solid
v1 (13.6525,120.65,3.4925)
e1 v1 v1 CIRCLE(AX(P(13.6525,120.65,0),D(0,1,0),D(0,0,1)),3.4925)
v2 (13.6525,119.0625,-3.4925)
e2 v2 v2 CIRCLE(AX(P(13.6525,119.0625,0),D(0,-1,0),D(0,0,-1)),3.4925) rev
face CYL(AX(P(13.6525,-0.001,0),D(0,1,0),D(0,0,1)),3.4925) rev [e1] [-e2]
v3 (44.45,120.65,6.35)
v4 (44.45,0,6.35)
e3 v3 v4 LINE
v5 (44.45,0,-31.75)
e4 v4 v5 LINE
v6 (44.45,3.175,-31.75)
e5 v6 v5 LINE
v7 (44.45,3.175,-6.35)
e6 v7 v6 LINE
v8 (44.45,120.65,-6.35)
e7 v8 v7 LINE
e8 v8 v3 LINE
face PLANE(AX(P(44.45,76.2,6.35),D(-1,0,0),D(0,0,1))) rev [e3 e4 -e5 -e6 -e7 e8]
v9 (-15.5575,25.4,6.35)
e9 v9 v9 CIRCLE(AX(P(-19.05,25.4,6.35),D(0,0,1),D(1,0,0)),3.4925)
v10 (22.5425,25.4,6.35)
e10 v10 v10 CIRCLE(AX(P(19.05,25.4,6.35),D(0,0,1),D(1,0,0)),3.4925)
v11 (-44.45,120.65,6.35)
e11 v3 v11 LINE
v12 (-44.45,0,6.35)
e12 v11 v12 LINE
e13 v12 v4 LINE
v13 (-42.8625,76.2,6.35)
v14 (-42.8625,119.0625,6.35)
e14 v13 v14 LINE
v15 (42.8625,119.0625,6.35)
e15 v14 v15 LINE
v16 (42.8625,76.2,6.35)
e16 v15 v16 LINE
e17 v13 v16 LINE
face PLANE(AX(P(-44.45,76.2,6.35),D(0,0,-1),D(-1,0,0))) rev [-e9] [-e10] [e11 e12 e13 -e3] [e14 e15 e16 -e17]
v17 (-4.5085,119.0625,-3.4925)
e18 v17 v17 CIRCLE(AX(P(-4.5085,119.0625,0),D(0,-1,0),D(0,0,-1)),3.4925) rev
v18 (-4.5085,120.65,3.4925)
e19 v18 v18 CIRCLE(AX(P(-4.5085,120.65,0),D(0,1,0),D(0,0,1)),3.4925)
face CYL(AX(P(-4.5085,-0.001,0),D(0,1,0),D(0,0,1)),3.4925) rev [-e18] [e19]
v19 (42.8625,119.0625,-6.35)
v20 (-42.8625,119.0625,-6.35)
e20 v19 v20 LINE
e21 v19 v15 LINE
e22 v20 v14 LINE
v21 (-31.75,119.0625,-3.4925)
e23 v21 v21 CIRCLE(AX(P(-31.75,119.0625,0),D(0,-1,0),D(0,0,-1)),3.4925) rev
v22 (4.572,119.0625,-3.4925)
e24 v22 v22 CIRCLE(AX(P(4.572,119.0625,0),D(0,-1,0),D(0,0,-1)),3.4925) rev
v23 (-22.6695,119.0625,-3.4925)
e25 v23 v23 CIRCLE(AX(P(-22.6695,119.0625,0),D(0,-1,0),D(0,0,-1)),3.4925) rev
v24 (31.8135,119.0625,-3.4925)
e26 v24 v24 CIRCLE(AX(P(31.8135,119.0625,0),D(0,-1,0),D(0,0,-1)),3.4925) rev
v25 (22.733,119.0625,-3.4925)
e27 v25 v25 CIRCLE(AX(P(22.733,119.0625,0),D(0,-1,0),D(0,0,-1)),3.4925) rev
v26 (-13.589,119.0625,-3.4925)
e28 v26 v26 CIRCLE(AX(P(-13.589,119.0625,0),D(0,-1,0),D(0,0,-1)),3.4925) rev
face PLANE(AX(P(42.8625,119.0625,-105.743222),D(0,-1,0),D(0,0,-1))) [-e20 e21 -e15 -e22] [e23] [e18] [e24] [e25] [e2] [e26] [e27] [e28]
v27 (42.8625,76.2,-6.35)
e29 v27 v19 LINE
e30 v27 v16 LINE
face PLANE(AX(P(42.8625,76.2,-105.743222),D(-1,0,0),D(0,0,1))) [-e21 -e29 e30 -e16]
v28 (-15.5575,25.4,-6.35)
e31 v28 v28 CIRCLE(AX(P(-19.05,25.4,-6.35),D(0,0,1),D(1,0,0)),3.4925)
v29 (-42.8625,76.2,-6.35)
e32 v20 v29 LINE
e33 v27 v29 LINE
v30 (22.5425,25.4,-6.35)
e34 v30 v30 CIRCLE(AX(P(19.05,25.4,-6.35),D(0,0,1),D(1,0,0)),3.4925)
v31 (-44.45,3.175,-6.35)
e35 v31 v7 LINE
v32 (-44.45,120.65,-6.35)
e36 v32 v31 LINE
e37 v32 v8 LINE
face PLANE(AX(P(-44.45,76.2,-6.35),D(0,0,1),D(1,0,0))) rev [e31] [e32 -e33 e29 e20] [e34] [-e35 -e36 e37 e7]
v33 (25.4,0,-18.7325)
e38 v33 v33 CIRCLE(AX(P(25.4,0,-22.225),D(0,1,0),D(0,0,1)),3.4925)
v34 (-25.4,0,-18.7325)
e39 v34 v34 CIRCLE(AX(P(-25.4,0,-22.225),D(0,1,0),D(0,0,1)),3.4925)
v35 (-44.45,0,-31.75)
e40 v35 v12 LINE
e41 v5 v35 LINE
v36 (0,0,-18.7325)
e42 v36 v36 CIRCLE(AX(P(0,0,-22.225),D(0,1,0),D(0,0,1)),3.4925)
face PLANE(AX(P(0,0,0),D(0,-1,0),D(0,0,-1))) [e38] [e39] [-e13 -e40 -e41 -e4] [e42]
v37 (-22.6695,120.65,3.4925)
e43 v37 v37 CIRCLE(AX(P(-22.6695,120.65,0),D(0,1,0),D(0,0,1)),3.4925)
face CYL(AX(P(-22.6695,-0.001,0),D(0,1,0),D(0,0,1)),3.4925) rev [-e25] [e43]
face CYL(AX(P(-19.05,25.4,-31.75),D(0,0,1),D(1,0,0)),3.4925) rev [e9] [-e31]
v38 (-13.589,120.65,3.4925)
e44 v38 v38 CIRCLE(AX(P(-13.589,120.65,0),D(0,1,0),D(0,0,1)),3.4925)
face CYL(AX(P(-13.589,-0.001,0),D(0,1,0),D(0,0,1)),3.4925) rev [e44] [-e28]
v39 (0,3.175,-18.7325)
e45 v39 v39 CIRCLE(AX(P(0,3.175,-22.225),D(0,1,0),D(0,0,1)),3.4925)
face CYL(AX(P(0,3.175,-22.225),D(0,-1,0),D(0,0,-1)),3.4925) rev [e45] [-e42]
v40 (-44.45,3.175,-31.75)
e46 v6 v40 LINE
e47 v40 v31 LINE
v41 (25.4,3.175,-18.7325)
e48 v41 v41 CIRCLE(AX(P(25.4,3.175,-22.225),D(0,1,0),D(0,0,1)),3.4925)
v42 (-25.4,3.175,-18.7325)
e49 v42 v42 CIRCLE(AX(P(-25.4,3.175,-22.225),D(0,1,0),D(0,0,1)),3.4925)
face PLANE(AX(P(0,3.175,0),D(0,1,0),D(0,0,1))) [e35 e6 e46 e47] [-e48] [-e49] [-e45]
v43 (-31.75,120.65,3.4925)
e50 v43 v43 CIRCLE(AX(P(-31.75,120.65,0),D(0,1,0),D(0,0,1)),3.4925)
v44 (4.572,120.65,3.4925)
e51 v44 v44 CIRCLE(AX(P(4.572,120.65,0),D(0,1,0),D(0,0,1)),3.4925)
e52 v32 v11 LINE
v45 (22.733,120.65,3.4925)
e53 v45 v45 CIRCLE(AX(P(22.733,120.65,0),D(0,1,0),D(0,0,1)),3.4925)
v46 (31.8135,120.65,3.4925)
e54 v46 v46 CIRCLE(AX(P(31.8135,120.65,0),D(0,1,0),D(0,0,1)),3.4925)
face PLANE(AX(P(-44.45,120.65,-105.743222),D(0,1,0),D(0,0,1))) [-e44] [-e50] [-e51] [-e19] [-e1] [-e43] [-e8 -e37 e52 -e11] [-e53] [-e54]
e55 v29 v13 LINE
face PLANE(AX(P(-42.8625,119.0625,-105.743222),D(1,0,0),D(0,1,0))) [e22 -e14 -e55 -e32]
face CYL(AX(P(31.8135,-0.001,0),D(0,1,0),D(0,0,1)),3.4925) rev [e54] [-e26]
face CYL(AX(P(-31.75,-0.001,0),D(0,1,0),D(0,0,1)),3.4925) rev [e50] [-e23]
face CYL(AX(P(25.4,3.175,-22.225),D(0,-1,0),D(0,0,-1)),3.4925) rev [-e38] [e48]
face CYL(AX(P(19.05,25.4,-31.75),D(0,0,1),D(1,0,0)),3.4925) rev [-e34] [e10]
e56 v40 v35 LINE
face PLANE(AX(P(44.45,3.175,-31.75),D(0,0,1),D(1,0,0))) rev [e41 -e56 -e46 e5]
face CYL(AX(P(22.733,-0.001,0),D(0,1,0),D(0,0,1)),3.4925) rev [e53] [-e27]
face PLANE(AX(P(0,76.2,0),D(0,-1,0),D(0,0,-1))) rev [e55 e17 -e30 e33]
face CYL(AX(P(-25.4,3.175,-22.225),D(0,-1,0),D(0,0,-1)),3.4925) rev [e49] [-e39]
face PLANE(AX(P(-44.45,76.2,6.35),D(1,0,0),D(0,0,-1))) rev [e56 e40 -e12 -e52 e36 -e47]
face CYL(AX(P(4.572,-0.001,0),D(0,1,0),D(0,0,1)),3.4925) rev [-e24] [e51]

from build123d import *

# Parameters (mm, degrees)
SKETCH1_W               = 88.9
SKETCH1_H               = 12.7
BOSS_EXTRUDE1_DEPTH     = 76.2
SKETCH2_R               = 3.4925
BOSS_EXTRUDE4_DEPTH     = 3.175
BOSS_EXTRUDE5_DEPTH     = 12.7
CUT_EXTRUDE1_REACH      = 134.44
SKETCH4_R               = 3.4925
CUT_EXTRUDE2_DEPTH      = 133.439750453
CUT_EXTRUDE2_DEPTH_BACK = 133.439750453
SKETCH5_R               = 3.4925


with BuildPart() as part:
    # Sketch1 → Boss-Extrude1 (new body)
    with BuildSketch(Plane(origin=(0, 0, 0), x_dir=(1, 0, 0), z_dir=(0, 1, 0))):
        Rectangle(SKETCH1_W, SKETCH1_H)
    extrude(amount=BOSS_EXTRUDE1_DEPTH)

    # Sketch2 → Boss-Extrude4 (add)
    with BuildSketch(Plane(origin=(0, 0, 0), x_dir=(1, 0, 0), z_dir=(0, 1, 0))):
        Polygon((-44.45, 22.225), (-44.45, 6.35), (44.45, 6.35), (44.45, 31.75), (-44.45, 31.75), align=None)
        with Locations(Location((-25.4, 22.225, 0), (0, 0, 270))):
            Circle(SKETCH2_R, mode=Mode.SUBTRACT)
        with Locations(Location((0, 22.225, 0), (0, 0, 270))):
            Circle(SKETCH2_R, mode=Mode.SUBTRACT)
        with Locations(Location((25.4, 22.225, 0), (0, 0, 270))):
            Circle(SKETCH2_R, mode=Mode.SUBTRACT)
    extrude(amount=BOSS_EXTRUDE4_DEPTH)

    # Sketch3 → Boss-Extrude5 (add)
    with BuildSketch(Plane.XY.offset(6.35)):
        Polygon((-44.45, 76.2), (-44.45, 120.65), (44.45, 120.65), (44.45, 76.2), (42.8625, 76.2), (42.8625, 119.0625), (-42.8625, 119.0625), (-42.8625, 76.2), align=None)
    extrude(amount=-BOSS_EXTRUDE5_DEPTH)

    # Sketch4 → Cut-Extrude1 (cut, up to next)
    with BuildSketch(Plane(origin=(0, 120.65, 0), x_dir=(1, 0, 0), z_dir=(0, 1, 0)), mode=Mode.PRIVATE) as cut_extrude1_sk1:
        with Locations(Location((-31.75, 0, 0), (0, 0, 270))):
            Circle(SKETCH4_R)
    cut_extrude1_tool1 = extrude(cut_extrude1_sk1.sketch, amount=-CUT_EXTRUDE1_REACH, mode=Mode.PRIVATE) & part.part
    # Sketch4 → Cut-Extrude1 (cut, up to next)
    with BuildSketch(Plane(origin=(0, 120.65, 0), x_dir=(1, 0, 0), z_dir=(0, 1, 0)), mode=Mode.PRIVATE) as cut_extrude1_sk2:
        with Locations(Location((-22.6695, 0, 0), (0, 0, 270))):
            Circle(SKETCH4_R)
    cut_extrude1_tool2 = extrude(cut_extrude1_sk2.sketch, amount=-CUT_EXTRUDE1_REACH, mode=Mode.PRIVATE) & part.part
    # Sketch4 → Cut-Extrude1 (cut, up to next)
    with BuildSketch(Plane(origin=(0, 120.65, 0), x_dir=(1, 0, 0), z_dir=(0, 1, 0)), mode=Mode.PRIVATE) as cut_extrude1_sk3:
        with Locations(Location((-13.589, 0, 0), (0, 0, 270))):
            Circle(SKETCH4_R)
    cut_extrude1_tool3 = extrude(cut_extrude1_sk3.sketch, amount=-CUT_EXTRUDE1_REACH, mode=Mode.PRIVATE) & part.part
    # Sketch4 → Cut-Extrude1 (cut, up to next)
    with BuildSketch(Plane(origin=(0, 120.65, 0), x_dir=(1, 0, 0), z_dir=(0, 1, 0)), mode=Mode.PRIVATE) as cut_extrude1_sk4:
        with Locations(Location((-4.5085, 0, 0), (0, 0, 270))):
            Circle(SKETCH4_R)
    cut_extrude1_tool4 = extrude(cut_extrude1_sk4.sketch, amount=-CUT_EXTRUDE1_REACH, mode=Mode.PRIVATE) & part.part
    # Sketch4 → Cut-Extrude1 (cut, up to next)
    with BuildSketch(Plane(origin=(0, 120.65, 0), x_dir=(1, 0, 0), z_dir=(0, 1, 0)), mode=Mode.PRIVATE) as cut_extrude1_sk5:
        with Locations(Location((4.572, 0, 0), (0, 0, 270))):
            Circle(SKETCH4_R)
    cut_extrude1_tool5 = extrude(cut_extrude1_sk5.sketch, amount=-CUT_EXTRUDE1_REACH, mode=Mode.PRIVATE) & part.part
    # Sketch4 → Cut-Extrude1 (cut, up to next)
    with BuildSketch(Plane(origin=(0, 120.65, 0), x_dir=(1, 0, 0), z_dir=(0, 1, 0)), mode=Mode.PRIVATE) as cut_extrude1_sk6:
        with Locations(Location((13.6525, 0, 0), (0, 0, 270))):
            Circle(SKETCH4_R)
    cut_extrude1_tool6 = extrude(cut_extrude1_sk6.sketch, amount=-CUT_EXTRUDE1_REACH, mode=Mode.PRIVATE) & part.part
    # Sketch4 → Cut-Extrude1 (cut, up to next)
    with BuildSketch(Plane(origin=(0, 120.65, 0), x_dir=(1, 0, 0), z_dir=(0, 1, 0)), mode=Mode.PRIVATE) as cut_extrude1_sk7:
        with Locations(Location((22.733, 0, 0), (0, 0, 270))):
            Circle(SKETCH4_R)
    cut_extrude1_tool7 = extrude(cut_extrude1_sk7.sketch, amount=-CUT_EXTRUDE1_REACH, mode=Mode.PRIVATE) & part.part
    # Sketch4 → Cut-Extrude1 (cut, up to next)
    with BuildSketch(Plane(origin=(0, 120.65, 0), x_dir=(1, 0, 0), z_dir=(0, 1, 0)), mode=Mode.PRIVATE) as cut_extrude1_sk8:
        with Locations(Location((31.8135, 0, 0), (0, 0, 270))):
            Circle(SKETCH4_R)
    cut_extrude1_tool8 = extrude(cut_extrude1_sk8.sketch, amount=-CUT_EXTRUDE1_REACH, mode=Mode.PRIVATE) & part.part
    add(cut_extrude1_tool1.solids().sort_by_distance((-31.75, 120.65, 0))[0], mode=Mode.SUBTRACT)
    add(cut_extrude1_tool2.solids().sort_by_distance((-22.6695, 120.65, 0))[0], mode=Mode.SUBTRACT)
    add(cut_extrude1_tool3.solids().sort_by_distance((-13.589, 120.65, 0))[0], mode=Mode.SUBTRACT)
    add(cut_extrude1_tool4.solids().sort_by_distance((-4.5085, 120.65, 0))[0], mode=Mode.SUBTRACT)
    add(cut_extrude1_tool5.solids().sort_by_distance((4.572, 120.65, 0))[0], mode=Mode.SUBTRACT)
    add(cut_extrude1_tool6.solids().sort_by_distance((13.6525, 120.65, 0))[0], mode=Mode.SUBTRACT)
    add(cut_extrude1_tool7.solids().sort_by_distance((22.733, 120.65, 0))[0], mode=Mode.SUBTRACT)
    add(cut_extrude1_tool8.solids().sort_by_distance((31.8135, 120.65, 0))[0], mode=Mode.SUBTRACT)

    # Sketch5 → Cut-Extrude2 (cut, two sides: drawn at the far end of the back side and taken through both)
    with BuildSketch(Plane.XY.offset(-CUT_EXTRUDE2_DEPTH_BACK)):
        with Locations((-19.05, 25.4)):
            Circle(SKETCH5_R)
        with Locations((19.05, 25.4)):
            Circle(SKETCH5_R)
    extrude(amount=CUT_EXTRUDE2_DEPTH + CUT_EXTRUDE2_DEPTH_BACK, mode=Mode.SUBTRACT)


solid = part.part
